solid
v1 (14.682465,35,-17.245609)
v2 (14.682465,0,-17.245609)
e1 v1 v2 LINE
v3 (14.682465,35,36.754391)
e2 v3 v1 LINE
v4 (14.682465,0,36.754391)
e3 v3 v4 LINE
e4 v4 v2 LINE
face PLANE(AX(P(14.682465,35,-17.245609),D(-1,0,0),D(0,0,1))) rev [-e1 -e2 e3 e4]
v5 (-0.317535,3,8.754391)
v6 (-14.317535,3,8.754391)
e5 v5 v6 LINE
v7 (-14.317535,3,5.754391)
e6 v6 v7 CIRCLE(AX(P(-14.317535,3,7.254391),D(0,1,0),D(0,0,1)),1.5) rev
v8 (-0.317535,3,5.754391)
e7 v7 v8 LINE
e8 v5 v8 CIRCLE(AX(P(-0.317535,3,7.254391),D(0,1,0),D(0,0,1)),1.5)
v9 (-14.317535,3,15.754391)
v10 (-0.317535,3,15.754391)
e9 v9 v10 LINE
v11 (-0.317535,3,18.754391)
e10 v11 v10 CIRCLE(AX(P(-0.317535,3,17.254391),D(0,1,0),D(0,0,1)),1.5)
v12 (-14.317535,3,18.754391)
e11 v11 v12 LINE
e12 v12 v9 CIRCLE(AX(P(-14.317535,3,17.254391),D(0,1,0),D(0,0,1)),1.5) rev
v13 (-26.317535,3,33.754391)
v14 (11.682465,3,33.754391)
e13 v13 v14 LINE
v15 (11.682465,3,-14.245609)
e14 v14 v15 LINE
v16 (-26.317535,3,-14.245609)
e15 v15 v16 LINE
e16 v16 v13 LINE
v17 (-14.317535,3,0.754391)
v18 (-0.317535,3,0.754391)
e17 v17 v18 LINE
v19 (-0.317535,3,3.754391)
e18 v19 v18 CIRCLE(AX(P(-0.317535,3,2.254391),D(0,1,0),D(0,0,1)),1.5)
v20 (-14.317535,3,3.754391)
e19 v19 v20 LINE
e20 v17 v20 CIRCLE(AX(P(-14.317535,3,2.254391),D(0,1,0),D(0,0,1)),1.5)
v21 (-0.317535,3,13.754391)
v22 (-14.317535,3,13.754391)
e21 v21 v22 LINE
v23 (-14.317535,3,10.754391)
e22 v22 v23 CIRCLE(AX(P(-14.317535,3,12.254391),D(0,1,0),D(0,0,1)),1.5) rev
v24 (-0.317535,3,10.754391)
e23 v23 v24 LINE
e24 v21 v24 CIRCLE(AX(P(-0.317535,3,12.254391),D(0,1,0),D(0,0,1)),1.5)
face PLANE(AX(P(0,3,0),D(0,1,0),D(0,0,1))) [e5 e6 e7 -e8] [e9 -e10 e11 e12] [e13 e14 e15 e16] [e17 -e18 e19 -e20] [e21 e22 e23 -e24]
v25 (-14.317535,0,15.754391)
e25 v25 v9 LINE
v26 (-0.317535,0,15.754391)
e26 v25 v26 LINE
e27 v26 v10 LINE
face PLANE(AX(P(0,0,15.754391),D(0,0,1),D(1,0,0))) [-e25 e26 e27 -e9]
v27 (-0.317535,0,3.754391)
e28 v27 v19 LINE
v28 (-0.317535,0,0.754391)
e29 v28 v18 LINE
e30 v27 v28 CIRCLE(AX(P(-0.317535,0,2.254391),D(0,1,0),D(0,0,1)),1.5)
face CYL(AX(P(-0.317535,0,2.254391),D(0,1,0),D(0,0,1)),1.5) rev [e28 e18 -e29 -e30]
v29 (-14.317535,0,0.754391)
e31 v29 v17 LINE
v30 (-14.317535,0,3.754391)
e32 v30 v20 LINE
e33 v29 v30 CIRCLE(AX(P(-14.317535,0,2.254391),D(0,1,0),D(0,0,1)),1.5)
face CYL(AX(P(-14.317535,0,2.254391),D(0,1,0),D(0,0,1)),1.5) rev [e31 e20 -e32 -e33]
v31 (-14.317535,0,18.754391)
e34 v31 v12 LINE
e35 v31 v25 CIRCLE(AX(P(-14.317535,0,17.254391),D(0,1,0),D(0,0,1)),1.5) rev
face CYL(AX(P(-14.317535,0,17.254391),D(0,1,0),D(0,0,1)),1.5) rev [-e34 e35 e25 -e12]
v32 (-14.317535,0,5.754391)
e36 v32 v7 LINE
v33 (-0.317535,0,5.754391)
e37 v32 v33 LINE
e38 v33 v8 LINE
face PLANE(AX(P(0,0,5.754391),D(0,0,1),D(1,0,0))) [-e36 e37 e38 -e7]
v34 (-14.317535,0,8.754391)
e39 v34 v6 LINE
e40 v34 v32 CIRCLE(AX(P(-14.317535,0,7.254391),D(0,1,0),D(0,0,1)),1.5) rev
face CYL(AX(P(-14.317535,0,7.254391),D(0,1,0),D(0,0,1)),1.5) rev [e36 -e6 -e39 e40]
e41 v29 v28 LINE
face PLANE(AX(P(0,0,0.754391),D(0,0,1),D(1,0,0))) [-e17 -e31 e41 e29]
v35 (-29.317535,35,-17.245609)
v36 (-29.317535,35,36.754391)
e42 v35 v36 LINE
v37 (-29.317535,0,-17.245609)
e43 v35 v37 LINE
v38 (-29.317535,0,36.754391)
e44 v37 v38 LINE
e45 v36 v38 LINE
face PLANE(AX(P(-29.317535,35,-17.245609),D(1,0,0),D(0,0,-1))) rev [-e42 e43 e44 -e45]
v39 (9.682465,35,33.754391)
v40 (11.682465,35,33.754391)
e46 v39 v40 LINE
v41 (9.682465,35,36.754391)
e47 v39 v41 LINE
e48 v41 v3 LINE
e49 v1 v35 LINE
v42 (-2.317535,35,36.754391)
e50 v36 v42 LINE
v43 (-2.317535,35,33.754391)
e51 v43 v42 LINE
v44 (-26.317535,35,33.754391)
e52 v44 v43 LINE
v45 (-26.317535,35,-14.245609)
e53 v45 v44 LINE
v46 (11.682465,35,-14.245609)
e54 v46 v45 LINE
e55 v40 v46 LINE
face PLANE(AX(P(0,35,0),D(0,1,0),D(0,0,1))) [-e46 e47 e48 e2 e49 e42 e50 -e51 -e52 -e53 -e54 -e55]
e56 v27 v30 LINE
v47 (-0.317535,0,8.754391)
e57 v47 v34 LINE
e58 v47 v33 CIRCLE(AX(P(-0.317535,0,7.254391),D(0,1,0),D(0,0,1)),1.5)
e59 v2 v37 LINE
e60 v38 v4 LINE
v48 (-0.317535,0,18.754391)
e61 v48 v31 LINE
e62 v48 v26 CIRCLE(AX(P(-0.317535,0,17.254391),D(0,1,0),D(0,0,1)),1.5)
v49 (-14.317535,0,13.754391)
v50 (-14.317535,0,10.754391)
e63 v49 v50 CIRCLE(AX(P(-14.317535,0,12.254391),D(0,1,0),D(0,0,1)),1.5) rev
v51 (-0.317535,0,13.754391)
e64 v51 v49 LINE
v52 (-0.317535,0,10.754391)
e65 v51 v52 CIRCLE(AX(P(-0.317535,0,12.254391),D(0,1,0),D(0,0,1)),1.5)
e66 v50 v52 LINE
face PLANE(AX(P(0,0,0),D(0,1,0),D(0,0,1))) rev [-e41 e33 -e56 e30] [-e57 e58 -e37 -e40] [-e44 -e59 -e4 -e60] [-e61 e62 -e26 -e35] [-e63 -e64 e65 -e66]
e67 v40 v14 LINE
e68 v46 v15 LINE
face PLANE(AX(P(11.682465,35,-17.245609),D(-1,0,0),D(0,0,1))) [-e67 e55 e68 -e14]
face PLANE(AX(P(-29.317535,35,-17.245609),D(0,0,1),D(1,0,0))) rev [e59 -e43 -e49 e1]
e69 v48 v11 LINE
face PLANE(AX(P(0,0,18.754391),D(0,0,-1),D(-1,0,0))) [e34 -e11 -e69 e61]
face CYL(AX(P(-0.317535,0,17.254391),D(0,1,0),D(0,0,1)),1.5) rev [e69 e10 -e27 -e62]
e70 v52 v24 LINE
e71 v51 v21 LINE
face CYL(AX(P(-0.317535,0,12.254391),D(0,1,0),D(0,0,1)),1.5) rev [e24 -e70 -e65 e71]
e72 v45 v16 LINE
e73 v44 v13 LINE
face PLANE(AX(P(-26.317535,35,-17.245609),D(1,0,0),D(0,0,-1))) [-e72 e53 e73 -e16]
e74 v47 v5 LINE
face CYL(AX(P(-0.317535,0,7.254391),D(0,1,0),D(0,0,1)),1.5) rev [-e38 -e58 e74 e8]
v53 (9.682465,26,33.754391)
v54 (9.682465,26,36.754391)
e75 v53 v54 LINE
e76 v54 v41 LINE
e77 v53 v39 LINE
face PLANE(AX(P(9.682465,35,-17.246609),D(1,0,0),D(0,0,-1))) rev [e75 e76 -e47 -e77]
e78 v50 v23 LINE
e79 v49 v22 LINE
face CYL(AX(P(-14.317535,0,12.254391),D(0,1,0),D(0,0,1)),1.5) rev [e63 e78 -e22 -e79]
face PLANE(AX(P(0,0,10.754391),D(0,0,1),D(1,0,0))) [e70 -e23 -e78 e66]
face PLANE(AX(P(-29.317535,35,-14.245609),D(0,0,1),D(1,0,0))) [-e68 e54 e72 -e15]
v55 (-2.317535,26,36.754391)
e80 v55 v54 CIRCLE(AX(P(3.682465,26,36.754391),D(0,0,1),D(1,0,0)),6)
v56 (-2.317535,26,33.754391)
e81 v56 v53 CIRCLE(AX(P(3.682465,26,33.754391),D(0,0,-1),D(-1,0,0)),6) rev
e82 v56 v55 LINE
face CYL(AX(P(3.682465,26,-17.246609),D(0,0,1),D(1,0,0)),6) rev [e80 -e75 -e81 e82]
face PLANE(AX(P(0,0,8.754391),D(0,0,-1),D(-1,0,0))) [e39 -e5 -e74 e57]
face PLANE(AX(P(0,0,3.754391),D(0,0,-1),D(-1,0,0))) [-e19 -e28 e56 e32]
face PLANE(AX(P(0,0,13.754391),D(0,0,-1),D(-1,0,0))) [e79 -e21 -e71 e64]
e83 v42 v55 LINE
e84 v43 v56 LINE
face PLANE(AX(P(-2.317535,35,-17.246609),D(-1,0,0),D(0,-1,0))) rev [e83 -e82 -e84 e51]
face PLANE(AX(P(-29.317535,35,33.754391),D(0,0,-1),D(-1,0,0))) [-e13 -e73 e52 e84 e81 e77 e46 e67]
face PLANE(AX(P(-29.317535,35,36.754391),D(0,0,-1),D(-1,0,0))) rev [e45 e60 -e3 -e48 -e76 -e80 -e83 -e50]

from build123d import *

# Parameters (mm, degrees)
SCHIZZO1_W                   = 44
SCHIZZO1_H                   = 54
ESTRUSIONE_ESTRUSIONE1_DEPTH = 35
SVUOTA1_T                    = -3
TAGLIO_ESTRUSIONE1_DEPTH     = 57.871813174
TAGLIO_ESTRUSIONE2_REACH     = 72.714


with BuildPart() as part:
    # Schizzo1 → Estrusione-Estrusione1 (new body)
    with BuildSketch(Plane(origin=(0, 0, 0), x_dir=(1, 0, 0), z_dir=(0, 1, 0))):
        with Locations((-7.317535287, -9.754391008)):
            Rectangle(SCHIZZO1_W, SCHIZZO1_H)
    extrude(amount=ESTRUSIONE_ESTRUSIONE1_DEPTH)

    # Svuota1
    svuota1_openings = [part.faces().sort_by_distance(p)[0] for p in [
        (-7.317535287, 35, 9.754391008),
    ]]
    offset(amount=SVUOTA1_T, openings=svuota1_openings, kind=Kind.INTERSECTION)

    # Schizzo2 → Taglio-Estrusione1 (cut, through all)
    with BuildSketch(Plane(origin=(0, 3, 0), x_dir=(1, 0, 0), z_dir=(0, 1, 0))):
        with BuildLine():
            Line((-0.317535287, -0.754391008), (-14.317535287, -0.754391008))
            ThreePointArc((-14.317535287, -0.754391008), (-15.817535287, -2.254391008), (-14.317535287, -3.754391008))
            Line((-14.317535287, -3.754391008), (-0.317535287, -3.754391008))
            ThreePointArc((-0.317535287, -3.754391008), (1.182464713, -2.254391008), (-0.317535287, -0.754391008))
        make_face()
        with BuildLine():
            Line((-0.317535287, -5.754391008), (-14.317535287, -5.754391008))
            ThreePointArc((-14.317535287, -5.754391008), (-15.817535287, -7.254391008), (-14.317535287, -8.754391008))
            Line((-14.317535287, -8.754391008), (-0.317535287, -8.754391008))
            ThreePointArc((-0.317535287, -8.754391008), (1.182464713, -7.254391008), (-0.317535287, -5.754391008))
        make_face()
        with BuildLine():
            Line((-0.317535287, -10.754391008), (-14.317535287, -10.754391008))
            ThreePointArc((-14.317535287, -10.754391008), (-15.817535287, -12.254391008), (-14.317535287, -13.754391008))
            Line((-14.317535287, -13.754391008), (-0.317535287, -13.754391008))
            ThreePointArc((-0.317535287, -13.754391008), (1.182464713, -12.254391008), (-0.317535287, -10.754391008))
        make_face()
        with BuildLine():
            Line((-0.317535287, -15.754391008), (-14.317535287, -15.754391008))
            ThreePointArc((-14.317535287, -15.754391008), (-15.817535287, -17.254391008), (-14.317535287, -18.754391008))
            Line((-14.317535287, -18.754391008), (-0.317535287, -18.754391008))
            ThreePointArc((-0.317535287, -18.754391008), (1.182464713, -17.254391008), (-0.317535287, -15.754391008))
        make_face()
    extrude(amount=-TAGLIO_ESTRUSIONE1_DEPTH, mode=Mode.SUBTRACT)

    # Schizzo3 → Taglio-Estrusione2 (cut, up to next)
    with BuildSketch(Plane.XY.offset(36.754391008), mode=Mode.PRIVATE) as taglio_estrusione2_sk1:
        with BuildLine():
            Line((9.682464713, 35), (9.682464713, 26))
            ThreePointArc((9.682464713, 26), (3.682464713, 20), (-2.317535287, 26))
            Line((-2.317535287, 26), (-2.317535287, 35))
            Line((-2.317535287, 35), (9.682464713, 35))
        make_face()
    taglio_estrusione2_tool1 = extrude(taglio_estrusione2_sk1.sketch, amount=-TAGLIO_ESTRUSIONE2_REACH, mode=Mode.PRIVATE) & part.part
    add(taglio_estrusione2_tool1.solids().sort_by_distance((3.682465, 28.078412, 36.754391))[0], mode=Mode.SUBTRACT)


solid = part.part
